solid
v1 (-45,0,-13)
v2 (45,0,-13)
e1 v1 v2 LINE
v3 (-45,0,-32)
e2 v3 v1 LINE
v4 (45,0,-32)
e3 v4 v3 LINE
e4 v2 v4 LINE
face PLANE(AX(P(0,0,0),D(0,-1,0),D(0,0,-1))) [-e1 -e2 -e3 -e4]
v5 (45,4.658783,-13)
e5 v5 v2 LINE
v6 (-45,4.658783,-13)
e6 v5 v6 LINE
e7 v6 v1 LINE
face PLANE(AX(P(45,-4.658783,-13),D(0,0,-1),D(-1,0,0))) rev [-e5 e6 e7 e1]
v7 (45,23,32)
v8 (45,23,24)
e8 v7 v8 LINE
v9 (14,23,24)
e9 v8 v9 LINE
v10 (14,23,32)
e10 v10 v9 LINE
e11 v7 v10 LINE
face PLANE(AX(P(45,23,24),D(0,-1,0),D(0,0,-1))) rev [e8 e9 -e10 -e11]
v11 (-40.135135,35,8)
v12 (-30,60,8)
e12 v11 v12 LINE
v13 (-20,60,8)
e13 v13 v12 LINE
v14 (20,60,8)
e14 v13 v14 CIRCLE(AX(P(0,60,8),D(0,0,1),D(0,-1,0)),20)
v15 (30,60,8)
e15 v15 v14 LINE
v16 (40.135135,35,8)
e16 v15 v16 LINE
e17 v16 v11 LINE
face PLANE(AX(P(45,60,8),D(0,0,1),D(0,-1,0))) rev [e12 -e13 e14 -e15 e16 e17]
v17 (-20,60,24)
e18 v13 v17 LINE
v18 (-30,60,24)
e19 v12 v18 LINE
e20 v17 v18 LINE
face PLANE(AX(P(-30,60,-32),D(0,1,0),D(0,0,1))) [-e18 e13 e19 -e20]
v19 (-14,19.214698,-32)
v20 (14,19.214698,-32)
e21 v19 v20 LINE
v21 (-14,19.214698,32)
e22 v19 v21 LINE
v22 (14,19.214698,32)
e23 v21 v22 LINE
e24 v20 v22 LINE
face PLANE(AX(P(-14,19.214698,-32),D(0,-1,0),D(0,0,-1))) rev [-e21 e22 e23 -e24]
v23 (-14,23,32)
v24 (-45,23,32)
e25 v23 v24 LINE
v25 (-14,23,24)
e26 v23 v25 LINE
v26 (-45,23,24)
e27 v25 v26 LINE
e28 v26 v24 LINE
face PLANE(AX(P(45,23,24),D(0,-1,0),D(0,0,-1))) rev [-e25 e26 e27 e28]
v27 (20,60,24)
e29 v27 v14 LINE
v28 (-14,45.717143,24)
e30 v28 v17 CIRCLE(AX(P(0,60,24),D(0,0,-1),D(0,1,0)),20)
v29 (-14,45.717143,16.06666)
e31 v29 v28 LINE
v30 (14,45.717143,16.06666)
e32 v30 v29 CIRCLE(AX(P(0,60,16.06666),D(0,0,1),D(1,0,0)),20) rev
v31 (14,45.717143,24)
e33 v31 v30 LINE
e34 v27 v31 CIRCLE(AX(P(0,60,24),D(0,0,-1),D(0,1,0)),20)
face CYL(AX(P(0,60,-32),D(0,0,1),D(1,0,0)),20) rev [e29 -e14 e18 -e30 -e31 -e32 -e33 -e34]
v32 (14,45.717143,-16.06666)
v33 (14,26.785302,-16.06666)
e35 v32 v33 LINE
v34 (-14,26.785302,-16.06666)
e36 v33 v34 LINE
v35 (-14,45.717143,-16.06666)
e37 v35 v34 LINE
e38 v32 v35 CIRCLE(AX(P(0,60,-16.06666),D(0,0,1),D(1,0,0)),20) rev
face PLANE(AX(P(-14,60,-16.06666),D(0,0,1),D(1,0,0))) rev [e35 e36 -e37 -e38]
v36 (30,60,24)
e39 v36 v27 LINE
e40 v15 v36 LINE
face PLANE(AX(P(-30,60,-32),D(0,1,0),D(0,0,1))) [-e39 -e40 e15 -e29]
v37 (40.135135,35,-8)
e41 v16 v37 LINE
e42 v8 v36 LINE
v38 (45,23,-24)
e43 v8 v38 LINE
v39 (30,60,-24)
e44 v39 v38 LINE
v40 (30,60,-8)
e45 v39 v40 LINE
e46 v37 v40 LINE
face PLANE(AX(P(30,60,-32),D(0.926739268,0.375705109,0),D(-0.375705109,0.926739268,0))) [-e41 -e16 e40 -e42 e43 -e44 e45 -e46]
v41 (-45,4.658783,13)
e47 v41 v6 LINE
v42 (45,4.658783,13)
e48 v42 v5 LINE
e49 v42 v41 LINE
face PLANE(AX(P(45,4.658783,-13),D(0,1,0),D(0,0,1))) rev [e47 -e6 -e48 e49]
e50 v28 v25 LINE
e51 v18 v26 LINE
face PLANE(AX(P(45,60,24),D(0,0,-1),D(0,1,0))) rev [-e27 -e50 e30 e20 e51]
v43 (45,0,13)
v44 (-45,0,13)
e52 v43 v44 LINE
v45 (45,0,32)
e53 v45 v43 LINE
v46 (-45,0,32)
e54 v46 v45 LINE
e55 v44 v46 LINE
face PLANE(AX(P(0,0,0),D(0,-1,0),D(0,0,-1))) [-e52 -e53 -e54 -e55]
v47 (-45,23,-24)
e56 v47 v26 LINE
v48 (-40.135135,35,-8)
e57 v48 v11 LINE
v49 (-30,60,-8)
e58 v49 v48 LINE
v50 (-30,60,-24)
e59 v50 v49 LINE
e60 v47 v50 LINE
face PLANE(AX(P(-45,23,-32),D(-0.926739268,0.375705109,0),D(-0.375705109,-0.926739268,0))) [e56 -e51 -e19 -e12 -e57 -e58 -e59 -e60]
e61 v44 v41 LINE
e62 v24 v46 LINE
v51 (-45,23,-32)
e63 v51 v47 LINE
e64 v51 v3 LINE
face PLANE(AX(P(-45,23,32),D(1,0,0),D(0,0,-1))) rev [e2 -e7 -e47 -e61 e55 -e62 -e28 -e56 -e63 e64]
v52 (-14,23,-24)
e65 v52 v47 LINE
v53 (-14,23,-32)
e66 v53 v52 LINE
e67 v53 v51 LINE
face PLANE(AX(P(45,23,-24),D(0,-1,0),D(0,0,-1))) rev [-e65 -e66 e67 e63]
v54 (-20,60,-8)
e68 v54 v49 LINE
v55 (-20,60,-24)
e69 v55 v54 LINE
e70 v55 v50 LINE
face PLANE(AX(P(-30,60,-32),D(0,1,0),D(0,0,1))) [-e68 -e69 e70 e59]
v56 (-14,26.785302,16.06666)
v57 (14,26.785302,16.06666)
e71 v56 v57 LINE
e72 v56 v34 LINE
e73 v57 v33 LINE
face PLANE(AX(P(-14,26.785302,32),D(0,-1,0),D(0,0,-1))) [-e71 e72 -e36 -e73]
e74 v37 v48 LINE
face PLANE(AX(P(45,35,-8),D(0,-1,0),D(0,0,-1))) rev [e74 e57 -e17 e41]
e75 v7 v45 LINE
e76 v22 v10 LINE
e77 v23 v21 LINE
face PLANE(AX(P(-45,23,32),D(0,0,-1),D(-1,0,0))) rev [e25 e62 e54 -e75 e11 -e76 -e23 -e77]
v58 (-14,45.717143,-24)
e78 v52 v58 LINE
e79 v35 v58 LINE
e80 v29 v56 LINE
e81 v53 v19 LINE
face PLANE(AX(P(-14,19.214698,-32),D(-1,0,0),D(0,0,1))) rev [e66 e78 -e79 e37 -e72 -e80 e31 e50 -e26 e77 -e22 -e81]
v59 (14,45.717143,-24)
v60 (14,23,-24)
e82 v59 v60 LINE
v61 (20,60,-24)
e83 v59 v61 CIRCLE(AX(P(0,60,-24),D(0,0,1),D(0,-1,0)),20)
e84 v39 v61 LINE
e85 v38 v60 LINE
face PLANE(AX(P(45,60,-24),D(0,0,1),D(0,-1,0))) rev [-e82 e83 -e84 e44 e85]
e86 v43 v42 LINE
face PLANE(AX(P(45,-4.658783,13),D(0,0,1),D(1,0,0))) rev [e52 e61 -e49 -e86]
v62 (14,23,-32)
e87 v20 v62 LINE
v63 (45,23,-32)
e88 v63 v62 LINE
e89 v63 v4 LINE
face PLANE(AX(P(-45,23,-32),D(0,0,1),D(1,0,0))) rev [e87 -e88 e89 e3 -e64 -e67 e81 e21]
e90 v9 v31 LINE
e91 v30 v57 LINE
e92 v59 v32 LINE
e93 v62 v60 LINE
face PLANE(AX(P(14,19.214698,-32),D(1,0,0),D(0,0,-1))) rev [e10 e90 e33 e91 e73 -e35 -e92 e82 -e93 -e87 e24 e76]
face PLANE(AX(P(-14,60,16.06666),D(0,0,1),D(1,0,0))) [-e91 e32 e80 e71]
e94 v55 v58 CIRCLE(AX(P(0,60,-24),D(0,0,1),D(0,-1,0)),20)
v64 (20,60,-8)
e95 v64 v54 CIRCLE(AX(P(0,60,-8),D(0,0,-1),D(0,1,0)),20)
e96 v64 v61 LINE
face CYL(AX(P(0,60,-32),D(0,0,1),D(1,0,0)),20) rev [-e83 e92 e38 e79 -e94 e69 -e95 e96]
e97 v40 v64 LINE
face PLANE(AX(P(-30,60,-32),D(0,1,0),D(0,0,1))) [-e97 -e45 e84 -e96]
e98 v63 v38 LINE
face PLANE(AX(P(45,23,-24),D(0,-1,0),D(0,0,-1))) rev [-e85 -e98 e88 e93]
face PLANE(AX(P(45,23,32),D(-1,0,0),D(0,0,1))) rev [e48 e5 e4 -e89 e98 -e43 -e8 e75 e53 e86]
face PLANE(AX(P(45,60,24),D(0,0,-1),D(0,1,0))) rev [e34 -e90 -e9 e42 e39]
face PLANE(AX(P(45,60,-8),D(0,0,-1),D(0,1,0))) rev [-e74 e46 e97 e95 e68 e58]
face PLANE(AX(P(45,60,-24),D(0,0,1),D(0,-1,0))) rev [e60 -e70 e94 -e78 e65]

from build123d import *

# Parameters (mm, degrees)
SKETCH1_W               = 90
SKETCH1_H               = 64
BOSS_EXTRUDE1_DEPTH     = 23
SKETCH3_W               = 26
SKETCH3_H               = 9.317565448
CUT_EXTRUDE1_DEPTH      = 99.249681933
SKETCH4_W               = 28
SKETCH4_H               = 7.570604484
CUT_EXTRUDE2_DEPTH      = 82.547532152
BOSS_EXTRUDE2_DEPTH     = 64
CUT_EXTRUDE3_DEPTH      = 113.800709218
CUT_EXTRUDE3_DEPTH_BACK = 113.800709218
SKETCH7_W               = 8
SKETCH7_H               = 37
CUT_EXTRUDE4_DEPTH      = 113.800709218
CUT_EXTRUDE4_DEPTH_BACK = 113.800709218
SKETCH8_W               = 16
SKETCH8_H               = 25
CUT_EXTRUDE5_DEPTH      = 94.600213675
CUT_EXTRUDE5_DEPTH_BACK = 94.600213675
SKETCH9_R               = 20
SKETCH11_W              = 28
SKETCH11_H              = 15.933340455
CUT_EXTRUDE6_DEPTH      = 69.647220475


with BuildPart() as part:
    # Sketch1 → Boss-Extrude1 (new body)
    with BuildSketch(Plane(origin=(0, 0, 0), x_dir=(1, 0, 0), z_dir=(0, 1, 0))):
        Rectangle(SKETCH1_W, SKETCH1_H)
    extrude(amount=BOSS_EXTRUDE1_DEPTH)

    # Sketch3 → Cut-Extrude1 (cut, through all)
    with BuildSketch(Plane.ZY.offset(45)):
        Rectangle(SKETCH3_W, SKETCH3_H)
    extrude(amount=-CUT_EXTRUDE1_DEPTH, mode=Mode.SUBTRACT)

    # Sketch4 → Cut-Extrude2 (cut, through all)
    with BuildSketch(Plane.XY.offset(32)):
        with Locations((0, 23)):
            Rectangle(SKETCH4_W, SKETCH4_H)
    cut_extrude2 = extrude(amount=-CUT_EXTRUDE2_DEPTH, mode=Mode.SUBTRACT)

    # Sketch5 → Boss-Extrude2 (add, through all)
    with BuildSketch(Plane.XY.offset(32)):
        Polygon((-30, 60), (30, 60), (45, 23), (-45, 23), align=None)
    extrude(amount=-BOSS_EXTRUDE2_DEPTH)

    # Sketch7 → Cut-Extrude3 (cut, two sides: drawn at the far end of the back side and taken through both)
    with BuildSketch(Plane.ZY.offset(45).offset(-CUT_EXTRUDE3_DEPTH_BACK)):
        with Locations((-28, 41.5)):
            Rectangle(SKETCH7_W, SKETCH7_H)
        with Locations((28, 41.5)):
            Rectangle(SKETCH7_W, SKETCH7_H)
    extrude(amount=CUT_EXTRUDE3_DEPTH + CUT_EXTRUDE3_DEPTH_BACK, mode=Mode.SUBTRACT)

    # Sketch8 → Cut-Extrude4 (cut, two sides: drawn at the far end of the back side and taken through both)
    with BuildSketch(Plane.ZY.offset(45).offset(-CUT_EXTRUDE4_DEPTH_BACK)):
        with Locations((0, 47.5)):
            Rectangle(SKETCH8_W, SKETCH8_H)
    extrude(amount=CUT_EXTRUDE4_DEPTH + CUT_EXTRUDE4_DEPTH_BACK, mode=Mode.SUBTRACT)

    # Sketch9 → Cut-Extrude5 (cut, two sides: drawn at the far end of the back side and taken through both)
    with BuildSketch(Plane.XY.offset(24).offset(-CUT_EXTRUDE5_DEPTH_BACK)):
        with Locations((0, 60)):
            Circle(SKETCH9_R)
    extrude(amount=CUT_EXTRUDE5_DEPTH + CUT_EXTRUDE5_DEPTH_BACK, mode=Mode.SUBTRACT)

    # Sketch11 → Cut-Extrude6 (cut, through all)
    with BuildSketch(Plane(origin=(0, 19.214697758, 0), x_dir=(1, 0, 0), z_dir=(0, 1, 0))):
        with Locations((0, -24.033329773)):
            Rectangle(SKETCH11_W, SKETCH11_H)
    cut_extrude6 = extrude(amount=CUT_EXTRUDE6_DEPTH, mode=Mode.SUBTRACT)

    # Mirror1: Cut-Extrude2, Cut-Extrude6 across plane
    add(cut_extrude2.mirror(Plane.XY), mode=Mode.SUBTRACT)
    add(cut_extrude6.mirror(Plane.XY), mode=Mode.SUBTRACT)


solid = part.part
